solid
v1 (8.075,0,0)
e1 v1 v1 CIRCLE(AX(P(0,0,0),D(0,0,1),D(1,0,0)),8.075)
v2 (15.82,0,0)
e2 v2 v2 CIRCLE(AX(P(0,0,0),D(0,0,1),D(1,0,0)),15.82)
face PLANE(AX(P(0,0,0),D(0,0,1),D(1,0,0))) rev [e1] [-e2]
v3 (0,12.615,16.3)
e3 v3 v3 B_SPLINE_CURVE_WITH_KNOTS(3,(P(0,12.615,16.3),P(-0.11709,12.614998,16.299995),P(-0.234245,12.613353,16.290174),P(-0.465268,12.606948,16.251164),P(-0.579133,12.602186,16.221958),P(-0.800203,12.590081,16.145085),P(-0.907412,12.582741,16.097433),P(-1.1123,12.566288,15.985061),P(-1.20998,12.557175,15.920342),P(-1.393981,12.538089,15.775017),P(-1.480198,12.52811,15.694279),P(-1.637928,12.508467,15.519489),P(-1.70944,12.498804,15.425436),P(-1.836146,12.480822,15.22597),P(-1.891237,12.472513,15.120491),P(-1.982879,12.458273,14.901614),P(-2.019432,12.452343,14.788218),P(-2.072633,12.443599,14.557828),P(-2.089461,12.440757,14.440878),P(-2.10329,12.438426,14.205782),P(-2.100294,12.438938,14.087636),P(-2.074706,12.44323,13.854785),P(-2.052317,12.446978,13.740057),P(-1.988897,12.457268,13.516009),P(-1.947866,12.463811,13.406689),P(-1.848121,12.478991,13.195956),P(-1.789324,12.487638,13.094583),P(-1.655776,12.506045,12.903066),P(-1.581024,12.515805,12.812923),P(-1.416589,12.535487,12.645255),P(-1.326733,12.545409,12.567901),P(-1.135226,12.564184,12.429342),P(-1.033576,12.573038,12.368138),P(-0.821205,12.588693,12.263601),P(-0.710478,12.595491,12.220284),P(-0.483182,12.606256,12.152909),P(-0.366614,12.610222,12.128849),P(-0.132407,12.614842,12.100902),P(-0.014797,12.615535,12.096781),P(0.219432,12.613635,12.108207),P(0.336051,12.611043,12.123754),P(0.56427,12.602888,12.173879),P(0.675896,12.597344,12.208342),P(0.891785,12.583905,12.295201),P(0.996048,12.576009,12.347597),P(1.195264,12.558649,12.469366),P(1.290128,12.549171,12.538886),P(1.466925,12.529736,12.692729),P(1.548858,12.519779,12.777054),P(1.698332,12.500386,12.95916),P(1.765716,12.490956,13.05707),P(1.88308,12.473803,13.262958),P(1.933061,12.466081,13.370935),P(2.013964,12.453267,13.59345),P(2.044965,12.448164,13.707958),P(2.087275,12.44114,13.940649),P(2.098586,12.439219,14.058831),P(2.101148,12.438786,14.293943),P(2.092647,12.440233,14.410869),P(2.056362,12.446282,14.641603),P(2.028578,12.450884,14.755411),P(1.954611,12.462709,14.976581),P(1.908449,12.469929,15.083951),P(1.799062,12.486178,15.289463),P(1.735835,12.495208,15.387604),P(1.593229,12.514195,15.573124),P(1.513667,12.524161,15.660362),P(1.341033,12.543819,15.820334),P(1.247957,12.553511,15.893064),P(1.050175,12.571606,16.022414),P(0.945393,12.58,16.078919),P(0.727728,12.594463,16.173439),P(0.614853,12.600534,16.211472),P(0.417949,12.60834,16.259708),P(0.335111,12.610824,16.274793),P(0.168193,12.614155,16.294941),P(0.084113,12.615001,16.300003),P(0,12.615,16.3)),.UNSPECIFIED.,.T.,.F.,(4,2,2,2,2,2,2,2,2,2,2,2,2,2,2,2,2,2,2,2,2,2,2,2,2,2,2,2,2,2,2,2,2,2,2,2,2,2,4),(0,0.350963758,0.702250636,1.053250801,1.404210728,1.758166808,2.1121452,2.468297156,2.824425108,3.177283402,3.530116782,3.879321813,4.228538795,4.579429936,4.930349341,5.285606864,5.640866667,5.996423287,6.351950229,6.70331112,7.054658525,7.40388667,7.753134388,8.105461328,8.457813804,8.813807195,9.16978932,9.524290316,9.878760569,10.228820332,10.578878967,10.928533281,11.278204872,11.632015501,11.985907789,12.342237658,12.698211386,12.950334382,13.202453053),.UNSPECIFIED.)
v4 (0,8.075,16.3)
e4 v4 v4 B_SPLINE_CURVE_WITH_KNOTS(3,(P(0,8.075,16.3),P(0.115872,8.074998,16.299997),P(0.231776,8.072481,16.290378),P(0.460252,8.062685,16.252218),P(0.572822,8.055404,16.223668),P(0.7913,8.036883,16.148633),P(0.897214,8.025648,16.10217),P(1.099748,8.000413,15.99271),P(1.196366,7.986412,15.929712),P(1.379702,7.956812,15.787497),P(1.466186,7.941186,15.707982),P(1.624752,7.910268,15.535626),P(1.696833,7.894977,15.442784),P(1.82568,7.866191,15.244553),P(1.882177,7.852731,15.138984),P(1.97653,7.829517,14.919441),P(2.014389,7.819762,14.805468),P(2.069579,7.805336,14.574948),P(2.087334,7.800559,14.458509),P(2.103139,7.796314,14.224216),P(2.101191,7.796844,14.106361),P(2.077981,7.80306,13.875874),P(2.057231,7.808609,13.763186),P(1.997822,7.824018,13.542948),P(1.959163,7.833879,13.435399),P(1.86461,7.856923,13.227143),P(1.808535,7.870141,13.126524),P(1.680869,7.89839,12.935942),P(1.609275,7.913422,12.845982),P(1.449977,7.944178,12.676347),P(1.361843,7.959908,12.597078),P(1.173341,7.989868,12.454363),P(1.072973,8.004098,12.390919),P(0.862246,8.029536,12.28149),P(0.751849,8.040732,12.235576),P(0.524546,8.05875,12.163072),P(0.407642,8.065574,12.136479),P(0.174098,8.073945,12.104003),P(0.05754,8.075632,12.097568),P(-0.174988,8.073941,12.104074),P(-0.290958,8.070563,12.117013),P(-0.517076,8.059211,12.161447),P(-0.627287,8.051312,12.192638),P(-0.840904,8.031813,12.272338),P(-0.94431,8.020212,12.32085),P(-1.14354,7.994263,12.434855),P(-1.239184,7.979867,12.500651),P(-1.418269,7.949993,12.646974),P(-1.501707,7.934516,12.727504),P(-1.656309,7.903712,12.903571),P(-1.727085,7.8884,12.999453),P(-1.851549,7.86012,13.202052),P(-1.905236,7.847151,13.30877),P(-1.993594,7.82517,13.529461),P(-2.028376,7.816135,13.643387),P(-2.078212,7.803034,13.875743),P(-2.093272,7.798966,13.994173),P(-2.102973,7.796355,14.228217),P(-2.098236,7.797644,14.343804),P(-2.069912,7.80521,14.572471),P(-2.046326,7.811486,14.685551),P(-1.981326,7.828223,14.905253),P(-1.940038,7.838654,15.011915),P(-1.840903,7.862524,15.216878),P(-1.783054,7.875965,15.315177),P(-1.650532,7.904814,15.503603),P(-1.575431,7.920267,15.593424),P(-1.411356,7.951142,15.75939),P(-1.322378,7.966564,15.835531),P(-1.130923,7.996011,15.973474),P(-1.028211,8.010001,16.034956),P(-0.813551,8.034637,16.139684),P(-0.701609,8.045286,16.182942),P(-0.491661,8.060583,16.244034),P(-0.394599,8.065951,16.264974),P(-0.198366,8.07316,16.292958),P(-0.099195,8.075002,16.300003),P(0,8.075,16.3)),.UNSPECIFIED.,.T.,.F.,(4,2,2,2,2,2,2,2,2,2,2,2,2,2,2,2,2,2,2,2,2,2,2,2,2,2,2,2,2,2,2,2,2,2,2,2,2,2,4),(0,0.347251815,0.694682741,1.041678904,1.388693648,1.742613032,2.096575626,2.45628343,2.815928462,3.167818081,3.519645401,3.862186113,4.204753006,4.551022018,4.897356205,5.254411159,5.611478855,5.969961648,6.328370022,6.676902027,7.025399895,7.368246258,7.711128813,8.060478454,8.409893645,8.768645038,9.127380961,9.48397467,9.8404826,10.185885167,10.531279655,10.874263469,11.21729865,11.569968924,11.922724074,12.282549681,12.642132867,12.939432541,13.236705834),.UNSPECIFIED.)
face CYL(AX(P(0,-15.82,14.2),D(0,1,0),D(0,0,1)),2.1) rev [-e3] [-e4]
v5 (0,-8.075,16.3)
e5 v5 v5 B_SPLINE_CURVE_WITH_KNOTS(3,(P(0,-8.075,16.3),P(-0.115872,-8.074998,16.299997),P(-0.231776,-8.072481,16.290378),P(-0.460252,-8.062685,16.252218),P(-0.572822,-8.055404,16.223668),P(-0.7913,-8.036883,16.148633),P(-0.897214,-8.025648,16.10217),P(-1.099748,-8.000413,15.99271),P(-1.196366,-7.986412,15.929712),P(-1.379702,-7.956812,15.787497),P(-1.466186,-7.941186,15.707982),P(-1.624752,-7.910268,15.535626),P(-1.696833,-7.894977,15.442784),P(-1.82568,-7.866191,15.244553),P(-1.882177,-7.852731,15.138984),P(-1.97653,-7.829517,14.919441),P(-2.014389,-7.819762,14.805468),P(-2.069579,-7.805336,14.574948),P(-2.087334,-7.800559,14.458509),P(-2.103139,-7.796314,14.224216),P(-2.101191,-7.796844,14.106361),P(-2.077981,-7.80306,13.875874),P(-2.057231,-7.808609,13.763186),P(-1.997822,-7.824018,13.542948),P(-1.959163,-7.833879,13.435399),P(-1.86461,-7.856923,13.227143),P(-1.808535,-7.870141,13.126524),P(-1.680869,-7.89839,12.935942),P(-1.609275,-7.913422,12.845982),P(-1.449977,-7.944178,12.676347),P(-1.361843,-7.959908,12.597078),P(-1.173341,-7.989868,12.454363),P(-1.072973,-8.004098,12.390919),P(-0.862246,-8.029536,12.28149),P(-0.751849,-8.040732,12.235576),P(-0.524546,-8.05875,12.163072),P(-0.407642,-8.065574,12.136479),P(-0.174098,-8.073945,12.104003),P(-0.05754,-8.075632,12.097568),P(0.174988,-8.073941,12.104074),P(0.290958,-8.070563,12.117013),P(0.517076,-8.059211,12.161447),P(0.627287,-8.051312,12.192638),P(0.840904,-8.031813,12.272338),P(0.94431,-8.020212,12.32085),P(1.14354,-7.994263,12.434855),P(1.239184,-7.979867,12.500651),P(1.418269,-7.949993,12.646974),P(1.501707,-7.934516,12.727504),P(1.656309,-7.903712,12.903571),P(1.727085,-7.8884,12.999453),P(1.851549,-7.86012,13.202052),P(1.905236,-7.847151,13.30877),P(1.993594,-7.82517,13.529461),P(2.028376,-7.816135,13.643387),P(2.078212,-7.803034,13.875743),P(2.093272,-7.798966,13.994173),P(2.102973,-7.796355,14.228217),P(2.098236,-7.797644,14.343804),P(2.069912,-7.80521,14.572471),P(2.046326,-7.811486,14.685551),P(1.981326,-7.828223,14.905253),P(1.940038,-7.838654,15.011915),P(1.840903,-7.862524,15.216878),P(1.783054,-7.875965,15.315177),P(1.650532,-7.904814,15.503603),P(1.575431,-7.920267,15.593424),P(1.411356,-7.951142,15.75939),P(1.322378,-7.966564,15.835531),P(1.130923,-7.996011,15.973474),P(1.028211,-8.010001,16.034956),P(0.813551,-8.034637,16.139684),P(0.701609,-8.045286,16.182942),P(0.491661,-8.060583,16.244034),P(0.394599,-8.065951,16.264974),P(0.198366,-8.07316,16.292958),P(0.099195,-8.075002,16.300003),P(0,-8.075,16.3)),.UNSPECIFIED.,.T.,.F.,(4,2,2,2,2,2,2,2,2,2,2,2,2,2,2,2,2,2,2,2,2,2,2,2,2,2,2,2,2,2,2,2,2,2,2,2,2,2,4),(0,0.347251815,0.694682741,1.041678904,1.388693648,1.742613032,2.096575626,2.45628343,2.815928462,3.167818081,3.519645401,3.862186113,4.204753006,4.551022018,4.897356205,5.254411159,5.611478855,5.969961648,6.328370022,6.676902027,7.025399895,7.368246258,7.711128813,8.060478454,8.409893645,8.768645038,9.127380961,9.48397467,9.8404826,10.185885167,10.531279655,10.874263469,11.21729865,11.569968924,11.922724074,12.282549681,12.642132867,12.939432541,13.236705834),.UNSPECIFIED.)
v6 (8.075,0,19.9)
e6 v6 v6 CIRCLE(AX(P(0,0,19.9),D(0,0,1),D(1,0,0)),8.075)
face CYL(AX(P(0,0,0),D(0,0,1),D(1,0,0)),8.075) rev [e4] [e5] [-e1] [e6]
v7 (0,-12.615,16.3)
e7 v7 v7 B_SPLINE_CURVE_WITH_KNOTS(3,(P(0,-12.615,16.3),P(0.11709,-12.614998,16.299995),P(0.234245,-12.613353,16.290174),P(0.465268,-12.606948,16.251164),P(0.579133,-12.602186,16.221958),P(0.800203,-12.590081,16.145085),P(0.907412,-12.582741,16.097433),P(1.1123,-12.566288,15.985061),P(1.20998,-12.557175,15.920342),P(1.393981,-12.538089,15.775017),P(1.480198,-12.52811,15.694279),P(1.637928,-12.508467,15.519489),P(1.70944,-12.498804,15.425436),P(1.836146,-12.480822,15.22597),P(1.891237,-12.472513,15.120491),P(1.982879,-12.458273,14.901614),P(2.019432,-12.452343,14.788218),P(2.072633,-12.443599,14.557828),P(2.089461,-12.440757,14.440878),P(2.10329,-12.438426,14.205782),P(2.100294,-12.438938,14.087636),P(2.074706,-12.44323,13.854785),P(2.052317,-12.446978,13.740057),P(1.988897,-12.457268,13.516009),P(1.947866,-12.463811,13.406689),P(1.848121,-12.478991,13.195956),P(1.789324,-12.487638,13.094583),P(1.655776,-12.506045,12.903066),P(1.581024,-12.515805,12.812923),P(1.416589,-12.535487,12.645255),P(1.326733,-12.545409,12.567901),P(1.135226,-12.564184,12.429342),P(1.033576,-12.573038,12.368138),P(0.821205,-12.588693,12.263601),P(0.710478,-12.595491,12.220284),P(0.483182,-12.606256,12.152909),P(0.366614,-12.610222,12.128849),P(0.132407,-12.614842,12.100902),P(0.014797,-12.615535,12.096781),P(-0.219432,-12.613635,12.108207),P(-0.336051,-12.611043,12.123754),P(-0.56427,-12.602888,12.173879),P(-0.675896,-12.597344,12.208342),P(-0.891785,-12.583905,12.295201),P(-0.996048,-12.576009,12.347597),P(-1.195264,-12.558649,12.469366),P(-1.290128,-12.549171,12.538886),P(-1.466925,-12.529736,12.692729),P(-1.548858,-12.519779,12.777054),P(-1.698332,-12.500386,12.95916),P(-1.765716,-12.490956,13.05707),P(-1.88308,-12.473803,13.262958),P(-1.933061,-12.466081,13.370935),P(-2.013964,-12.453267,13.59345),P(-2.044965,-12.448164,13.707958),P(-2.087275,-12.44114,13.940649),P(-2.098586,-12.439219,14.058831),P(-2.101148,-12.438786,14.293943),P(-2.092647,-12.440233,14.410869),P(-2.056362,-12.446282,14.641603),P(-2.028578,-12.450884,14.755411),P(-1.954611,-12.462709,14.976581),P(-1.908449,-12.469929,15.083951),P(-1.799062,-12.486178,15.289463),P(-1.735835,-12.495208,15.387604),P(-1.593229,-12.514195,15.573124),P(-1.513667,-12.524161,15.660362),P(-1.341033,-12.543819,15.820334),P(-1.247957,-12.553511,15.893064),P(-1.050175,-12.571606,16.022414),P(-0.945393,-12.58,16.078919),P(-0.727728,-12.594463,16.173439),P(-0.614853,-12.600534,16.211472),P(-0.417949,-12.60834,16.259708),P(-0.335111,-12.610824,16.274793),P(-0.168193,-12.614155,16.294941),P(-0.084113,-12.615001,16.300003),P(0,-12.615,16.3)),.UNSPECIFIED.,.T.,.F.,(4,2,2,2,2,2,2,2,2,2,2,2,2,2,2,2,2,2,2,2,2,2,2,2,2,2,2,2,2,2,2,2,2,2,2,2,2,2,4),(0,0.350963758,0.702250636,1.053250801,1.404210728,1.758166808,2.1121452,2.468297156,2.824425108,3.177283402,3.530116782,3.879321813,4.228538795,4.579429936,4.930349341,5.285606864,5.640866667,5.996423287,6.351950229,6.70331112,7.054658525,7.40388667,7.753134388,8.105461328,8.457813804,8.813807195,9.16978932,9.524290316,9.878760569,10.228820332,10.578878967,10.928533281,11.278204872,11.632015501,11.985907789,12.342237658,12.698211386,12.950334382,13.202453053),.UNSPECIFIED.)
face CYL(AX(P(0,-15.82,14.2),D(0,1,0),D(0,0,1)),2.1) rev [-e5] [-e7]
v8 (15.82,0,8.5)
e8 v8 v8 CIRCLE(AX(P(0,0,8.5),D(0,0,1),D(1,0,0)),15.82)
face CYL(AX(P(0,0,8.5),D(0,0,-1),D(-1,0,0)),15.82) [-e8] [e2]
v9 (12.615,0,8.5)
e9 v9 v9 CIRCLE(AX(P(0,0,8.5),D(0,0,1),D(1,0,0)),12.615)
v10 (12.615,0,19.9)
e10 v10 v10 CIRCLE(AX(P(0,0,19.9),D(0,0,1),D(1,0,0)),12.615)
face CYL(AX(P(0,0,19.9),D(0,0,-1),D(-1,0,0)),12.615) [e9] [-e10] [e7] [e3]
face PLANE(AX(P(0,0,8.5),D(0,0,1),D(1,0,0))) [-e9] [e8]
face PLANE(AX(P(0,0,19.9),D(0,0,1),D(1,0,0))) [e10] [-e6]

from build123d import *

# Parameters (mm, degrees)
SKETCH1_R               = 15.82
BOSS_EXTRUDE1_DEPTH     = 8.5
SKETCH2_R               = 12.615
BOSS_EXTRUDE2_DEPTH     = 11.4
SKETCH3_R               = 8.075
CUT_EXTRUDE1_DEPTH      = 30.942524944
CUT_EXTRUDE2_DEPTH      = 30.942524944
CUT_EXTRUDE2_DEPTH_BACK = 30.942524944
SKETCH4_R               = 2.1


with BuildPart() as part:
    # Sketch1 → Boss-Extrude1 (new body)
    with BuildSketch(Plane(origin=(0, 0, 0), x_dir=(0, 1, 0), z_dir=(0, 0, 1))):
        with Locations(Location((0, 0, 0), (0, 0, 270))):
            Circle(SKETCH1_R)
    extrude(amount=BOSS_EXTRUDE1_DEPTH)

    # Sketch2 → Boss-Extrude2 (add)
    with BuildSketch(Plane.XY.offset(8.5)):
        Circle(SKETCH2_R)
    extrude(amount=BOSS_EXTRUDE2_DEPTH)

    # Sketch3 → Cut-Extrude1 (cut, through all)
    with BuildSketch(Plane.XY.offset(19.9)):
        Circle(SKETCH3_R)
    extrude(amount=-CUT_EXTRUDE1_DEPTH, mode=Mode.SUBTRACT)

    # Sketch4 → Cut-Extrude2 (cut, two sides: drawn at the far end of the back side and taken through both)
    with BuildSketch(Plane(origin=(0, 0, 0), x_dir=(-1, 0, 0), z_dir=(0, 1, 0)).offset(-CUT_EXTRUDE2_DEPTH_BACK)):
        with Locations(Location((0, 14.2, 0), (0, 0, 90))):
            Circle(SKETCH4_R)
    extrude(amount=CUT_EXTRUDE2_DEPTH + CUT_EXTRUDE2_DEPTH_BACK, mode=Mode.SUBTRACT)


solid = part.part
